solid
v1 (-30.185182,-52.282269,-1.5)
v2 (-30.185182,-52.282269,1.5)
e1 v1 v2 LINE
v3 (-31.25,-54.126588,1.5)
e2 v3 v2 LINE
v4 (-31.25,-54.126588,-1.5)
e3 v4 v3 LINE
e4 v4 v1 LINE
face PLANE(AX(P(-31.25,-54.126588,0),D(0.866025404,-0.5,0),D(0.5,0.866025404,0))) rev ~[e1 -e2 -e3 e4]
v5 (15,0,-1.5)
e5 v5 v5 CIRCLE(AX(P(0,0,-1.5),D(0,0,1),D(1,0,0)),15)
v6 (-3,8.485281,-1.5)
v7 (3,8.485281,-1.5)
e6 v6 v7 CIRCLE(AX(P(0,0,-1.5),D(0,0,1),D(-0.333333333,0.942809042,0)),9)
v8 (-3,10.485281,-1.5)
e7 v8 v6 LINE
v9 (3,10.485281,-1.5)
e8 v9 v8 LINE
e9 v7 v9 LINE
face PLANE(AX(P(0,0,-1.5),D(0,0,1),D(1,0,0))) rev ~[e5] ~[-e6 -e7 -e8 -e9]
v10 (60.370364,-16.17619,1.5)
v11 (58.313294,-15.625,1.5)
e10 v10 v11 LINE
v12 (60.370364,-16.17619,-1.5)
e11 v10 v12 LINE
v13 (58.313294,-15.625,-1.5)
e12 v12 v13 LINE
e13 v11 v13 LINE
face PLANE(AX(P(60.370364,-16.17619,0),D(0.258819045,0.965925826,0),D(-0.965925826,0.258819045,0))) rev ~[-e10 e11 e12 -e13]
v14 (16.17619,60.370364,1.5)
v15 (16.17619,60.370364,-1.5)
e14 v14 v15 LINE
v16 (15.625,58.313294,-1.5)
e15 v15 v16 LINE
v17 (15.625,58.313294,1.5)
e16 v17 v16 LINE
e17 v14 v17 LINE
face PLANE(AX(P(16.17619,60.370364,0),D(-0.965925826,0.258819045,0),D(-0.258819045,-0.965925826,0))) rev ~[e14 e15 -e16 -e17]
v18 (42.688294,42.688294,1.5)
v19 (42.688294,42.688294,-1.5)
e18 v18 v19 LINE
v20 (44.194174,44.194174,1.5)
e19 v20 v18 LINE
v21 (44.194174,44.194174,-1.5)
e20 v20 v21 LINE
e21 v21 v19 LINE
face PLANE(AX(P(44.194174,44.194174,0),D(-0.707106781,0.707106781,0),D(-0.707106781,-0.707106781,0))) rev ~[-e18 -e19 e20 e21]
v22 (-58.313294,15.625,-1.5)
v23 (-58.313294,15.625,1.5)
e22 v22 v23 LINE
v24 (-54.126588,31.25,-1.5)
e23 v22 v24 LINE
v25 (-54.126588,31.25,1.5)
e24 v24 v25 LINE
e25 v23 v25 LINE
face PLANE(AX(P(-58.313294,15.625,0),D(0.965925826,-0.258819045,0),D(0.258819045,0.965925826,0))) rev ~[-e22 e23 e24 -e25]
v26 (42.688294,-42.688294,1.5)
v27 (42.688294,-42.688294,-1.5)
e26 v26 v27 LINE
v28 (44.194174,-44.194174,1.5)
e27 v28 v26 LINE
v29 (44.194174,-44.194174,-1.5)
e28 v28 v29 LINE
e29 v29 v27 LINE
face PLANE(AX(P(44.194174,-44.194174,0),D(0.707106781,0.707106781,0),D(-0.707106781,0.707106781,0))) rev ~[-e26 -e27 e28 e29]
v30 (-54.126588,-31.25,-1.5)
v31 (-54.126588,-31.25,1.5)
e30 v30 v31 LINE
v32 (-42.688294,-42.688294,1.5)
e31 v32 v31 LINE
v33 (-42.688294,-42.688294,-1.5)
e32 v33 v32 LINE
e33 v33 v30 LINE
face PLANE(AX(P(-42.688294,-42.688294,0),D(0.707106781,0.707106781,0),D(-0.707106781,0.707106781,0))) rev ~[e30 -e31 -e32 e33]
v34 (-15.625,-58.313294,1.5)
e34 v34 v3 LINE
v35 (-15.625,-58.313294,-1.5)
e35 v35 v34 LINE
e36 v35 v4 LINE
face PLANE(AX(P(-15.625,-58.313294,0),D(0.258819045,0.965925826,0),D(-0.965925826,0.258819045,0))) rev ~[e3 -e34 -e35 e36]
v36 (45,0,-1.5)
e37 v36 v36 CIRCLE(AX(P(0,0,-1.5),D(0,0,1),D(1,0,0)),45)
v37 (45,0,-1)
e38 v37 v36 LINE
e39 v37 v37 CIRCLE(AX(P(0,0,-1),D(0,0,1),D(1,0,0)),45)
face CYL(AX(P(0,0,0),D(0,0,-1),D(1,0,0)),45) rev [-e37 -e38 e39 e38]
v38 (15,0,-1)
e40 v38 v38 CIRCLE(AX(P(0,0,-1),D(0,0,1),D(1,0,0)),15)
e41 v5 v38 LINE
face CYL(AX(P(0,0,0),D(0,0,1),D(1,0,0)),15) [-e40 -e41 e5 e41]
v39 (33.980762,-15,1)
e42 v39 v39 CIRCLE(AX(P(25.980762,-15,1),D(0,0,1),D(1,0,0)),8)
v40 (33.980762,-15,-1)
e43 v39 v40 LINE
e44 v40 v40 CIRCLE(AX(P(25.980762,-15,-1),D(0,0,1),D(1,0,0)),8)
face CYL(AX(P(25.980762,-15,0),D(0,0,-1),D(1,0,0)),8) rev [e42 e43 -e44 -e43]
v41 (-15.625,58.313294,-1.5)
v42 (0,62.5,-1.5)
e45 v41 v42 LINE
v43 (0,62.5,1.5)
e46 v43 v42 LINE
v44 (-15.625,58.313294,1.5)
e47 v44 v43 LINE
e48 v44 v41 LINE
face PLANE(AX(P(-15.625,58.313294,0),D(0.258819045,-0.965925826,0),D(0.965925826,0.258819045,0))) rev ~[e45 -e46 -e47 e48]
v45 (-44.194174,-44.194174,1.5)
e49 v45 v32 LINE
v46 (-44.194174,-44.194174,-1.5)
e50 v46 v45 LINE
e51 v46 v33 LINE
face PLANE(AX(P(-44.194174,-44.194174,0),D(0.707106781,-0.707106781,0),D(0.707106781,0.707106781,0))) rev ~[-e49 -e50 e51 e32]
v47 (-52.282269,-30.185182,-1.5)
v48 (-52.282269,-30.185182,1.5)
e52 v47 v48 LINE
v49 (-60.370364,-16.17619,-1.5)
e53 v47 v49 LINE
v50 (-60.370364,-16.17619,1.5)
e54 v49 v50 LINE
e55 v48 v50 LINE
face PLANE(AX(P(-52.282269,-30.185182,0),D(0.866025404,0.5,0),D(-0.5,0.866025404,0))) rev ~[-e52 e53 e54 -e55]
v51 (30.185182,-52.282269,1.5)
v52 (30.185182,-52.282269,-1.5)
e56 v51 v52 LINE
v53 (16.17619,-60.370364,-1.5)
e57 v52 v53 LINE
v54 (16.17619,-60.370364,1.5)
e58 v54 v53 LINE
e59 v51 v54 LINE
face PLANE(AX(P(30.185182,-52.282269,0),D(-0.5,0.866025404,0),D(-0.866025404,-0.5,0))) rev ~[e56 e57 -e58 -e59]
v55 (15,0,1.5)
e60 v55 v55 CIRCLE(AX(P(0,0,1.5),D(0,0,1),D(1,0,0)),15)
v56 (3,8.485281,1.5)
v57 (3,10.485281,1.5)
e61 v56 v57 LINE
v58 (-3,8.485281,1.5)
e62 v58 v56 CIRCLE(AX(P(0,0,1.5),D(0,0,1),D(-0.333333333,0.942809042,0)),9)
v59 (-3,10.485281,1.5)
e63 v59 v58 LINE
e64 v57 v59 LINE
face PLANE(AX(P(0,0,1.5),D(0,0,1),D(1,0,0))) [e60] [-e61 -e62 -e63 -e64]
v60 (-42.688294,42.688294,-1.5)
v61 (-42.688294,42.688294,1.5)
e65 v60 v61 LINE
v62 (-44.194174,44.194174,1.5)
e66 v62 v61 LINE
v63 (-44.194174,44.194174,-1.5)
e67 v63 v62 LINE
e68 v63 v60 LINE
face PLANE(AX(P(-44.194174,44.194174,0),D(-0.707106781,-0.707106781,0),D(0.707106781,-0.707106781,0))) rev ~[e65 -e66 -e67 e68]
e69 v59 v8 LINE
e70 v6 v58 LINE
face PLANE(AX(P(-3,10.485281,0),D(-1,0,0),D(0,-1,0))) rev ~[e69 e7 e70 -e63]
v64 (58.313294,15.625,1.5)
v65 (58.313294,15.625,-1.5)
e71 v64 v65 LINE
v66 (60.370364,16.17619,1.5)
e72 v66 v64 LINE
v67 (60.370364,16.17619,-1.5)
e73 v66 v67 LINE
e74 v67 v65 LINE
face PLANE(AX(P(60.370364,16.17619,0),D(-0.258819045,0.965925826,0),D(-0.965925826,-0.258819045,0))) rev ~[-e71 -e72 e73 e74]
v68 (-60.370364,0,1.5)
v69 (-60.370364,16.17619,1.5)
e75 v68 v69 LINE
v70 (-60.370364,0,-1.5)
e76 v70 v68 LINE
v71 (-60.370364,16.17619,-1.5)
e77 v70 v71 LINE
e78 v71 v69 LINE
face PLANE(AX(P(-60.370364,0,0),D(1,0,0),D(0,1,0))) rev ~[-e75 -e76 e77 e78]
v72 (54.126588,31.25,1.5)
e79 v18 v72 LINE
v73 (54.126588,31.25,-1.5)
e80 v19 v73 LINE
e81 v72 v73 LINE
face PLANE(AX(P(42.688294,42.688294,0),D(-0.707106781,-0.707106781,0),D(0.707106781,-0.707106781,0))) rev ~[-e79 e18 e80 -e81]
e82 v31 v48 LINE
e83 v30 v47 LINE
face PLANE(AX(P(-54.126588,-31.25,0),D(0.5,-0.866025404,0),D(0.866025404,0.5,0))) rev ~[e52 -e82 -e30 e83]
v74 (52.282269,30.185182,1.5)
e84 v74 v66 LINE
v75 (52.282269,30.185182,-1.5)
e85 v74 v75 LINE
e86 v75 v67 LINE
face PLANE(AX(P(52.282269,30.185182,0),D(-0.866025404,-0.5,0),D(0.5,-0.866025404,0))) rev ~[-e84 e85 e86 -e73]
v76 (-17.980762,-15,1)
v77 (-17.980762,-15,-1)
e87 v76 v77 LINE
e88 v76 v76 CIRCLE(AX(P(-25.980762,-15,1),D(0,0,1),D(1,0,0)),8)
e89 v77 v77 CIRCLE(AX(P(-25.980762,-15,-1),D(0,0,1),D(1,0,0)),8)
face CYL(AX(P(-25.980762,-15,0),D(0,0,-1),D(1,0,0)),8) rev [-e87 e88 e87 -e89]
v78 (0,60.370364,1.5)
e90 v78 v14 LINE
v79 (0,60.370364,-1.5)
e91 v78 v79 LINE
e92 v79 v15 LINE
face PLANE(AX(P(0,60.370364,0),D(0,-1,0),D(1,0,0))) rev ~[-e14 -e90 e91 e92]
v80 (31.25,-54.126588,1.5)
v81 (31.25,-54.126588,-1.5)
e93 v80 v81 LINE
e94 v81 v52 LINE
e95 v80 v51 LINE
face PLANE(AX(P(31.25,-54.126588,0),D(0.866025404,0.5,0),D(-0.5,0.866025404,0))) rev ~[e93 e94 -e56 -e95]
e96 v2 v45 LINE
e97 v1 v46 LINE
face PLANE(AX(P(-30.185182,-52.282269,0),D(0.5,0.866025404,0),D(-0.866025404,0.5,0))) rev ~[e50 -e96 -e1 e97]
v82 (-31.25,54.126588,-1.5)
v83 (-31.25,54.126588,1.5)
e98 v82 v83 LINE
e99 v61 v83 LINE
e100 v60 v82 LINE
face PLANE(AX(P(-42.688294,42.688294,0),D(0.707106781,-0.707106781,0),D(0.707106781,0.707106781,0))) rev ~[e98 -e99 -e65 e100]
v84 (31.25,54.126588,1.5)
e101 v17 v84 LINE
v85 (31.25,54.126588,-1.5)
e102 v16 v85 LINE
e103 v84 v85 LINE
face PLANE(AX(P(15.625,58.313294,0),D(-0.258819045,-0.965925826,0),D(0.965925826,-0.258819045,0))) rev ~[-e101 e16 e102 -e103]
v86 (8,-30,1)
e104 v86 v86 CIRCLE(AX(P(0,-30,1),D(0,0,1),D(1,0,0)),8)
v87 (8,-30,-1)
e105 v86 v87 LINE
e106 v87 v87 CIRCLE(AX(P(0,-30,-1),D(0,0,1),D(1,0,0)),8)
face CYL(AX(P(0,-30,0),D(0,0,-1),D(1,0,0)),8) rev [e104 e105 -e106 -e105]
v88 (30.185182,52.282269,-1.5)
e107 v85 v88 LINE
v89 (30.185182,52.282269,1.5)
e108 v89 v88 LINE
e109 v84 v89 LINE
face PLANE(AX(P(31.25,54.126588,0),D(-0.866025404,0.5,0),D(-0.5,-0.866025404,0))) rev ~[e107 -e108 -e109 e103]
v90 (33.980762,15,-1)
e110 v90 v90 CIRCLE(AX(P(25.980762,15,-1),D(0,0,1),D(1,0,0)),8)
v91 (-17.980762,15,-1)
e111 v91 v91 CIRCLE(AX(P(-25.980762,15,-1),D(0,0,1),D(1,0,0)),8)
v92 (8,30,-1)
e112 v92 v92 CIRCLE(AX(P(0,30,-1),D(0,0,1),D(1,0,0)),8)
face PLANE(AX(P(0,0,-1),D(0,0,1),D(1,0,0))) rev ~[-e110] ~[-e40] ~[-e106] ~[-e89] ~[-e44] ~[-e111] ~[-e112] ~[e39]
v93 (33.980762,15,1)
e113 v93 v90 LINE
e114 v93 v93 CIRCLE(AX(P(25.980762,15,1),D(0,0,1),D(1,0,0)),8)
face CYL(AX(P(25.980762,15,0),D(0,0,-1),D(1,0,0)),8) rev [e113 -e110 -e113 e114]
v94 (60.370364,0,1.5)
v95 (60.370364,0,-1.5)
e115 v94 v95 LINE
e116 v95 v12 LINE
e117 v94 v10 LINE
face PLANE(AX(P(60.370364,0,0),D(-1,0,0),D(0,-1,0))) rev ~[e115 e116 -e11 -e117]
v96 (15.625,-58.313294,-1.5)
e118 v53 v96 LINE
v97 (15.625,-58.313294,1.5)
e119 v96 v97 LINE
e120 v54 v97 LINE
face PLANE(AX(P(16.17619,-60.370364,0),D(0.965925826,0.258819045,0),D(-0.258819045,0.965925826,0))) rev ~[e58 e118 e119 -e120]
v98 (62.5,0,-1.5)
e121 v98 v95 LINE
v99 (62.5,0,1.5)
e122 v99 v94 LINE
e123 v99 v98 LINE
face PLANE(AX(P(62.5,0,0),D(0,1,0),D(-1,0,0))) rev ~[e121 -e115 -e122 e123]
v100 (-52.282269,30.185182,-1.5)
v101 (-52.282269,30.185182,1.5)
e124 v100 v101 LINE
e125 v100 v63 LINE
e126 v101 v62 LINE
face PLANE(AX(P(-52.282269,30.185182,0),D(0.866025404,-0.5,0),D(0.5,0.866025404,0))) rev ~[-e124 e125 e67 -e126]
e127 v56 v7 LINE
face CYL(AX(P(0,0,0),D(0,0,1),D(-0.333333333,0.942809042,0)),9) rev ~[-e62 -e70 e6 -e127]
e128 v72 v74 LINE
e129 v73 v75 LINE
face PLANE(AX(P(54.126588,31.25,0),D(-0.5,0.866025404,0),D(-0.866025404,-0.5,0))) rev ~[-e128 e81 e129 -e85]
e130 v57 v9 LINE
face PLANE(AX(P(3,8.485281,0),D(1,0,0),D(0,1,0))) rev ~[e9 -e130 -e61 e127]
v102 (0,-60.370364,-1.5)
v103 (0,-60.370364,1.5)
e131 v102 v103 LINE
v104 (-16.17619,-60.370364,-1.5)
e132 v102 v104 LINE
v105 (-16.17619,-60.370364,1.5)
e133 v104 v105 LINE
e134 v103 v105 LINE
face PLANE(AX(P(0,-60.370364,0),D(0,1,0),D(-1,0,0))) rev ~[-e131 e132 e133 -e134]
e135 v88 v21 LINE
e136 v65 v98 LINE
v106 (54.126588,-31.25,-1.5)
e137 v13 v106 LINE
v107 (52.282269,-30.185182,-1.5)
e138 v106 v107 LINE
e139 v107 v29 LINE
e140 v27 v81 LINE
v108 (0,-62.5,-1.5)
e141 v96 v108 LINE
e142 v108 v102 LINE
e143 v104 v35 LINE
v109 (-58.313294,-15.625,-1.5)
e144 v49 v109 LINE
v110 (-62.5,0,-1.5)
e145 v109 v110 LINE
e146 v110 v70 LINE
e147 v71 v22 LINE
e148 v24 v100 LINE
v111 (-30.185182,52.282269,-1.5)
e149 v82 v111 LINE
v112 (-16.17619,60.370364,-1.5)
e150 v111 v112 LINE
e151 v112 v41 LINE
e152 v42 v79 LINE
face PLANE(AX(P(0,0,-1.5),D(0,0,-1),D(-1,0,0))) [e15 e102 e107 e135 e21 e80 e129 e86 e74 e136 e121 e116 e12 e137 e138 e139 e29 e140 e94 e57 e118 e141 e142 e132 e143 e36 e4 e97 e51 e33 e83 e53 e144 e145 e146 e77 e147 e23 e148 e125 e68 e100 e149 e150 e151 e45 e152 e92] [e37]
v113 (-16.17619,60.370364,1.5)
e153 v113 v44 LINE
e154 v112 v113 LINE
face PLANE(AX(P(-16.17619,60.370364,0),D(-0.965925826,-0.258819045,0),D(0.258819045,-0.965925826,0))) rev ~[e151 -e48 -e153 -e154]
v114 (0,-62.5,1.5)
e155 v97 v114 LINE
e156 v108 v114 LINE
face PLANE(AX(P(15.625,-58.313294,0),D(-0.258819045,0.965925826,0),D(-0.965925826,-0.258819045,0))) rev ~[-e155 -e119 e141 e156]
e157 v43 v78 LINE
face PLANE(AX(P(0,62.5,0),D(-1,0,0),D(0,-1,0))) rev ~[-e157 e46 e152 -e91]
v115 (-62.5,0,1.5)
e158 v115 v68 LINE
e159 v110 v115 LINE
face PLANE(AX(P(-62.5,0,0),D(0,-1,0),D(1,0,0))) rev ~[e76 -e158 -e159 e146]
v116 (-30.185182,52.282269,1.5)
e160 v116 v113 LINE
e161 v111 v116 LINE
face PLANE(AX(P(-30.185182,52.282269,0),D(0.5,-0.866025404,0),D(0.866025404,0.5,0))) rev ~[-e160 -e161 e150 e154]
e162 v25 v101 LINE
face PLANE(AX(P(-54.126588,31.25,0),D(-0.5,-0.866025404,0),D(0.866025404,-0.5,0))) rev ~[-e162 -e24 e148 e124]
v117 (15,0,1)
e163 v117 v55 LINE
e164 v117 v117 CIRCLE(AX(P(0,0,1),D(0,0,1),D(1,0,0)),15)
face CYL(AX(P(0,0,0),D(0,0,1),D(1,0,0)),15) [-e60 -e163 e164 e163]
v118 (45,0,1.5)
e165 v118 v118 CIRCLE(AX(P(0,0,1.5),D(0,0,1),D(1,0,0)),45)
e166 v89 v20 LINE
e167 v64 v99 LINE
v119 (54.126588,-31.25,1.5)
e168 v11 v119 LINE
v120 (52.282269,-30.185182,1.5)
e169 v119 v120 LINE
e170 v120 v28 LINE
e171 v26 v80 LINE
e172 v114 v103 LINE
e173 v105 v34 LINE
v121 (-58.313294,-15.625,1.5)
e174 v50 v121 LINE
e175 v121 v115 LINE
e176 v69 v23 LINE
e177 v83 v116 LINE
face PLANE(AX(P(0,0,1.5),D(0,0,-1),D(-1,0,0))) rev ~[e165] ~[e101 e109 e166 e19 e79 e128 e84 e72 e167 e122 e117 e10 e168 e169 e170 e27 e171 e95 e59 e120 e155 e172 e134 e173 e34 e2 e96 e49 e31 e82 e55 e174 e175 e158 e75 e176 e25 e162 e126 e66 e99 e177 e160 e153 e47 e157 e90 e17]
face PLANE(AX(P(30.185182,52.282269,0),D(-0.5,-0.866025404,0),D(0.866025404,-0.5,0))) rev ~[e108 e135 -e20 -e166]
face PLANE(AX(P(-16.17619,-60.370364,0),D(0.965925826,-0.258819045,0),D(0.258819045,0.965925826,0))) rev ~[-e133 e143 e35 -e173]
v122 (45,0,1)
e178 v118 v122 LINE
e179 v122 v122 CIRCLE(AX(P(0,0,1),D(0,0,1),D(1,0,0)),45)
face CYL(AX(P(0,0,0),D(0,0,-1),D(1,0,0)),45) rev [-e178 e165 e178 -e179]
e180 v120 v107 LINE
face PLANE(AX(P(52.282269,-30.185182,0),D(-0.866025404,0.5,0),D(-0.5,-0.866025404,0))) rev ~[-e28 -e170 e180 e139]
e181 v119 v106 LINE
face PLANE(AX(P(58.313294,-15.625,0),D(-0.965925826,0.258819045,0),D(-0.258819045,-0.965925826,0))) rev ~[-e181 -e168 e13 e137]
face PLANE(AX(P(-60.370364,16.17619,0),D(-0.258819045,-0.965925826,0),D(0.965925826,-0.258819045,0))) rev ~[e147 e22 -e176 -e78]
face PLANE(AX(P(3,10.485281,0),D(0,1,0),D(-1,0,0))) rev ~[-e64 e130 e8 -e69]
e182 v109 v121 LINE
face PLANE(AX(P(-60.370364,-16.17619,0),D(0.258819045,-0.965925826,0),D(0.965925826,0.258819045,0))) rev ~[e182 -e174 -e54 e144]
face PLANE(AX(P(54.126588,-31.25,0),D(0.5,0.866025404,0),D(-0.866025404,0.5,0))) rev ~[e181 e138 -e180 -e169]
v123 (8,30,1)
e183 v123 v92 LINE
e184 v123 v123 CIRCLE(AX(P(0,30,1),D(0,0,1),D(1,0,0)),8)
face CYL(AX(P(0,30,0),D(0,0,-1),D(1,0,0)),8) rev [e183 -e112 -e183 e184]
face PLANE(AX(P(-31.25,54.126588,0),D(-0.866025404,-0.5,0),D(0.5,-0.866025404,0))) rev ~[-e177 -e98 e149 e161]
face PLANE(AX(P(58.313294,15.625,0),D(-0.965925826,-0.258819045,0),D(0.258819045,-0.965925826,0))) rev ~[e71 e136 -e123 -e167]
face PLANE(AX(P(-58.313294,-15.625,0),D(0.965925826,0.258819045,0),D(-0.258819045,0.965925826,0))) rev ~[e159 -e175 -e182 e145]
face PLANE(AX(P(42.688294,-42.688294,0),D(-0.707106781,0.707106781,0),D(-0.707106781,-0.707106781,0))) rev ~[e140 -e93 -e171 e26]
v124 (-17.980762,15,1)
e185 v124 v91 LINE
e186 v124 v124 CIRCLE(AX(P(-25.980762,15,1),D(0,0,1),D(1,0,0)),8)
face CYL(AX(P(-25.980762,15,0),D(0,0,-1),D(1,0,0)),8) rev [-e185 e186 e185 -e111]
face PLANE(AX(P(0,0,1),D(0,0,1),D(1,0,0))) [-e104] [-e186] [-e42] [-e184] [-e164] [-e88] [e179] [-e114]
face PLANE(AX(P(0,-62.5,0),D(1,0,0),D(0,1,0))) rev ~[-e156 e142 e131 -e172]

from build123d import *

# Parameters (mm, degrees)
SKETCH1_R           = 45
BOSS_EXTRUDE2_DEPTH = 1.5
SKETCH1_5_R         = 45
SKETCH1_5_R_2       = 8
SKETCH1_5_R_3       = 15
BOSS_EXTRUDE3_DEPTH = 1
SKETCH1_6_R         = 15
BOSS_EXTRUDE4_DEPTH = 1.5


with BuildPart() as part:
    # Sketch1 → Boss-Extrude2 (new, symmetric)
    with BuildSketch(Plane.XY):
        Polygon((0, 60.370364143), (0, 62.5), (-15.625, 58.313293868), (-16.176190319, 60.370364143), (-30.185182072, 52.282268984), (-31.25, 54.126587737), (-42.688293868, 42.688293868), (-44.194173824, 44.194173824), (-52.282268984, 30.185182072), (-54.126587737, 31.25), (-58.313293868, 15.625), (-60.370364143, 16.176190319), (-60.370364143, 0), (-62.5, 0), (-58.313293868, -15.625), (-60.370364143, -16.176190319), (-52.282268984, -30.185182072), (-54.126587737, -31.25), (-42.688293868, -42.688293868), (-44.194173824, -44.194173824), (-30.185182072, -52.282268984), (-31.25, -54.126587737), (-15.625, -58.313293868), (-16.176190319, -60.370364143), (0, -60.370364143), (0, -62.5), (15.625, -58.313293868), (16.176190319, -60.370364143), (30.185182072, -52.282268984), (31.25, -54.126587737), (42.688293868, -42.688293868), (44.194173824, -44.194173824), (52.282268984, -30.185182072), (54.126587737, -31.25), (58.313293868, -15.625), (60.370364143, -16.176190319), (60.370364143, 0), (62.5, 0), (58.313293868, 15.625), (60.370364143, 16.176190319), (52.282268984, 30.185182072), (54.126587737, 31.25), (42.688293868, 42.688293868), (44.194173824, 44.194173824), (30.185182072, 52.282268984), (31.25, 54.126587737), (15.625, 58.313293868), (16.176190319, 60.370364143), align=None)
        Circle(SKETCH1_R, mode=Mode.SUBTRACT)
    extrude(amount=BOSS_EXTRUDE2_DEPTH, both=True)

    # Sketch1<5> → Boss-Extrude3 (add, symmetric)
    with BuildSketch(Plane.XY):
        Circle(SKETCH1_5_R)
        with Locations((-25.980762114, -15)):
            Circle(SKETCH1_5_R_2, mode=Mode.SUBTRACT)
        with Locations((0, -30)):
            Circle(SKETCH1_5_R_2, mode=Mode.SUBTRACT)
        with Locations((25.980762114, -15)):
            Circle(SKETCH1_5_R_2, mode=Mode.SUBTRACT)
        with Locations((-25.980762114, 15)):
            Circle(SKETCH1_5_R_2, mode=Mode.SUBTRACT)
        Circle(SKETCH1_5_R_3, mode=Mode.SUBTRACT)
        with Locations((25.980762114, 15)):
            Circle(SKETCH1_5_R_2, mode=Mode.SUBTRACT)
        with Locations((0, 30)):
            Circle(SKETCH1_5_R_2, mode=Mode.SUBTRACT)
    extrude(amount=BOSS_EXTRUDE3_DEPTH, both=True)

    # Sketch1<6> → Boss-Extrude4 (add, symmetric)
    with BuildSketch(Plane.XY):
        Circle(SKETCH1_6_R)
        with BuildLine():
            ThreePointArc((3, 8.485281374), (0, -9), (-3, 8.485281374))
            Line((-3, 8.485281374), (-3, 10.485281374))
            Line((-3, 10.485281374), (3, 10.485281374))
            Line((3, 10.485281374), (3, 8.485281374))
        make_face(mode=Mode.SUBTRACT)
    extrude(amount=BOSS_EXTRUDE4_DEPTH, both=True)


solid = part.part
